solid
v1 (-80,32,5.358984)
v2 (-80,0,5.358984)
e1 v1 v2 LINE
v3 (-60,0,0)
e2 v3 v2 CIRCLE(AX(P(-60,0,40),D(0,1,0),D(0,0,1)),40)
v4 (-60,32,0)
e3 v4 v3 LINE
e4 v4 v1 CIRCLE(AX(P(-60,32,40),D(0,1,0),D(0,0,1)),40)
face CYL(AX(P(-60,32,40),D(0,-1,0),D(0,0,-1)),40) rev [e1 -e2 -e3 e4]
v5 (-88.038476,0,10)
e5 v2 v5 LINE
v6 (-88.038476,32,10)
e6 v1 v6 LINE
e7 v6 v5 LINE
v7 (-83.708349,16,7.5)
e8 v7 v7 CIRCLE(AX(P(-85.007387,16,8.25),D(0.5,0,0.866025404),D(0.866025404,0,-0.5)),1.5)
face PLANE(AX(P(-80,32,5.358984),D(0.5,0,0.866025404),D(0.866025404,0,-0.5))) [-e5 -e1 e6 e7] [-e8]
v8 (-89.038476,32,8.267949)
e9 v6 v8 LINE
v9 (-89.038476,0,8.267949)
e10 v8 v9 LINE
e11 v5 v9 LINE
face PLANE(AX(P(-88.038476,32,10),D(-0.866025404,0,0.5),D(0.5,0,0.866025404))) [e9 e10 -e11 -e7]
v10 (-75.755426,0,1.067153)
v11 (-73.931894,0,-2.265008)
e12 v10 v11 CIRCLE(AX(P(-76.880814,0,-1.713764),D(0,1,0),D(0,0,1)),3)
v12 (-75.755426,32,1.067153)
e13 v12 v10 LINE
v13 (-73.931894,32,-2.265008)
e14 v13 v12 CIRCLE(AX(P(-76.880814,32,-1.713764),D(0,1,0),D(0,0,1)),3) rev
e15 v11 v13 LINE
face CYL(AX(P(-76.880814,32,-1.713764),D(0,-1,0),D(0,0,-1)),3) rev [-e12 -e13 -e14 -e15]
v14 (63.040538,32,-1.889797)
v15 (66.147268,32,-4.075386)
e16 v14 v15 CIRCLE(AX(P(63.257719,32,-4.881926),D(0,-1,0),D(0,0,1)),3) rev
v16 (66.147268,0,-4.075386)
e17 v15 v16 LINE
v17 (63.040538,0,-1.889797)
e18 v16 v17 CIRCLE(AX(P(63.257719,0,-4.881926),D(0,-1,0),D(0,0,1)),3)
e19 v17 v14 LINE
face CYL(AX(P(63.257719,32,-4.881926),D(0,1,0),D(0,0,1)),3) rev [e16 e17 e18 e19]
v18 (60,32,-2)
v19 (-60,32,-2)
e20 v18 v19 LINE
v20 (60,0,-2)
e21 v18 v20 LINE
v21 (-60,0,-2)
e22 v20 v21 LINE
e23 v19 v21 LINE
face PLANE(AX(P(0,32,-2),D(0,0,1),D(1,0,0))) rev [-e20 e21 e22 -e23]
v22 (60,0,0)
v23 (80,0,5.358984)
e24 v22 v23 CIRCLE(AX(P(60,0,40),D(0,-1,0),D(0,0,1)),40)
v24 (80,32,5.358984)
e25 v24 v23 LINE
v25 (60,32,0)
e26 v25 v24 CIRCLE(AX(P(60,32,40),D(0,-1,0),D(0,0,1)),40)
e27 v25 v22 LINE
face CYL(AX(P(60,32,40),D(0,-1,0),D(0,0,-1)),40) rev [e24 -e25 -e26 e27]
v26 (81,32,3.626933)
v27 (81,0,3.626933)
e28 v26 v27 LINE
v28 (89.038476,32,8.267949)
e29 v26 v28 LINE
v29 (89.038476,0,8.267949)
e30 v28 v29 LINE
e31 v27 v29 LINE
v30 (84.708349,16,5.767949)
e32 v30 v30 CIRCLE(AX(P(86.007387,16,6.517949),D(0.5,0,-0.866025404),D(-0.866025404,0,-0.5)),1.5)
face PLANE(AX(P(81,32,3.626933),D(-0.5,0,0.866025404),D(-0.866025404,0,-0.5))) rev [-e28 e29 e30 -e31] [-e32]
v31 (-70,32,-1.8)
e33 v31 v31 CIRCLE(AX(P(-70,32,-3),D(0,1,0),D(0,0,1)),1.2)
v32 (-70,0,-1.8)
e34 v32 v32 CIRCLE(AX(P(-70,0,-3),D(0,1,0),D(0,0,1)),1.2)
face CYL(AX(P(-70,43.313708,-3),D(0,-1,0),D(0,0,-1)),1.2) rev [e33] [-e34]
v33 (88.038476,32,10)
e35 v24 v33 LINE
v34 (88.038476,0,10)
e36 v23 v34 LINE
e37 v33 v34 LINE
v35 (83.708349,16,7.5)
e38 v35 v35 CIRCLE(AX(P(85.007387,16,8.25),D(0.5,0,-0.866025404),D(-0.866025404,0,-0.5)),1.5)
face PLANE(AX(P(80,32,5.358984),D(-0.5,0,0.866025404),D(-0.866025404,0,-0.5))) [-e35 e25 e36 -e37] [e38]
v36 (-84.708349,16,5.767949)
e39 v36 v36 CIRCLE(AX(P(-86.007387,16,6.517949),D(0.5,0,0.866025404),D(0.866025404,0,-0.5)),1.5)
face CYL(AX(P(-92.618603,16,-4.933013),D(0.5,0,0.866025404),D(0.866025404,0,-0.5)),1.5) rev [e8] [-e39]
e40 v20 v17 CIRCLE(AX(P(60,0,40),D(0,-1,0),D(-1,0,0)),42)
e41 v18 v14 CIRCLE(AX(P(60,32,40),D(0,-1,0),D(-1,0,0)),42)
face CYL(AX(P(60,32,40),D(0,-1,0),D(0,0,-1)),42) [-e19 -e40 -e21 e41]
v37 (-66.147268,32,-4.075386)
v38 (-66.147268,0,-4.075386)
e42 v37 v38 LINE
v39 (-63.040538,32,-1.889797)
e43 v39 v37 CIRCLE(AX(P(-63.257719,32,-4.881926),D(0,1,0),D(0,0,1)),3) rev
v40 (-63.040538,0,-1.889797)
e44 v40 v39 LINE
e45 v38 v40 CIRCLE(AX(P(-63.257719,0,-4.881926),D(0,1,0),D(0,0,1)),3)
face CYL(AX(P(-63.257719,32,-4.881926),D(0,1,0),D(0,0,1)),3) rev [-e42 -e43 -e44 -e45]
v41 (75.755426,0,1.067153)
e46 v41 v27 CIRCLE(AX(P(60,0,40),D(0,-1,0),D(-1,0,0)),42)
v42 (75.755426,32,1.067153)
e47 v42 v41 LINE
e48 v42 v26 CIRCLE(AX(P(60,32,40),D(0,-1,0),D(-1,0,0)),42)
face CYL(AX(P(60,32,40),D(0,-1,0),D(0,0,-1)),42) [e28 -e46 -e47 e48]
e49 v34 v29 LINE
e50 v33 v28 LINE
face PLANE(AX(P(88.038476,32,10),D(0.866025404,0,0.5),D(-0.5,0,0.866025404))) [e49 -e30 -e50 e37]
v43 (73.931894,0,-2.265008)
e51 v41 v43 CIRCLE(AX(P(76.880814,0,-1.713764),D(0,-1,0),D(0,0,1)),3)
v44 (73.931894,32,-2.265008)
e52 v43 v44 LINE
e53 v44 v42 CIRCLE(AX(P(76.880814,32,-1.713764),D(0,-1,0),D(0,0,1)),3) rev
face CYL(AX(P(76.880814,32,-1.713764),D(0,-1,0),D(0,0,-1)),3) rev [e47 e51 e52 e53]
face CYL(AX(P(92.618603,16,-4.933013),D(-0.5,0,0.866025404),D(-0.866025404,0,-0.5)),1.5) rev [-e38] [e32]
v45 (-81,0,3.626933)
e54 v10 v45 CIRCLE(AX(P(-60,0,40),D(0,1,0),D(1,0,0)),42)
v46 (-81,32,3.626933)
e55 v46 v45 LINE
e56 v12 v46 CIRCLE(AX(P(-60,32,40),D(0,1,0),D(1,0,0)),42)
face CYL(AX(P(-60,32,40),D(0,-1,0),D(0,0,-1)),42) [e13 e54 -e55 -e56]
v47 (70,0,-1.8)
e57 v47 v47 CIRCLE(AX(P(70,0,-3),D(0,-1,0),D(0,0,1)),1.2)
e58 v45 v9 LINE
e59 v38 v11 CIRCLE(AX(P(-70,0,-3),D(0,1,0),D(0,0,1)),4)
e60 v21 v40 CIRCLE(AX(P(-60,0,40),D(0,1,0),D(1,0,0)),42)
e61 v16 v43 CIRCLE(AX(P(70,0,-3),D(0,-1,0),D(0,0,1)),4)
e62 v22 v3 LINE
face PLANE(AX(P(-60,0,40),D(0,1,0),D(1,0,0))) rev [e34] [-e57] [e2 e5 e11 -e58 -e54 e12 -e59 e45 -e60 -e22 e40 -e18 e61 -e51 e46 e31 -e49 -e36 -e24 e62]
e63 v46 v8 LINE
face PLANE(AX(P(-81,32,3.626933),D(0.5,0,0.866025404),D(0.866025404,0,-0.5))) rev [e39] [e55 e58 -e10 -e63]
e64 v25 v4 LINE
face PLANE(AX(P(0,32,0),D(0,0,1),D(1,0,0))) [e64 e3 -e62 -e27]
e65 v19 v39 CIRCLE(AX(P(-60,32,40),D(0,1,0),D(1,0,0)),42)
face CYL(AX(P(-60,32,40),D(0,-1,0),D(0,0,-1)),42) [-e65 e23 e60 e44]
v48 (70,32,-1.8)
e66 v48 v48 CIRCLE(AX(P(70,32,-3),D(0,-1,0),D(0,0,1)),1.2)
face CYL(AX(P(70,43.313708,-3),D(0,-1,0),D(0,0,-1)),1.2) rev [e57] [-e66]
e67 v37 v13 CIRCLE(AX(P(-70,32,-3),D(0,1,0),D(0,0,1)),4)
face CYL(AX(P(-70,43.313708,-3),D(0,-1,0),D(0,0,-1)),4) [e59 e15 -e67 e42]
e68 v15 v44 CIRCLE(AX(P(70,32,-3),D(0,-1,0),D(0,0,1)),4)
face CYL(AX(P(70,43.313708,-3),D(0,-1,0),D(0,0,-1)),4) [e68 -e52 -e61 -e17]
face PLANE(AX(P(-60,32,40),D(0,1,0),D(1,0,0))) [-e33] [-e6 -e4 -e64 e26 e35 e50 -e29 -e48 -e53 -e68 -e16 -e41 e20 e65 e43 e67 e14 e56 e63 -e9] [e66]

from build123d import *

# Parameters (mm, degrees)
EXTRU_MINCE1_DEPTH      = 32
ESQUISSE2_R             = 4
ESQUISSE2_R_2           = 1.2
BOSS_EXTRU_1_DEPTH      = 32
CONG_1_R                = 3
ESQUISSE3_R             = 1.5
ENL_V_MAT_EXTRU_1_DEPTH = 89.126236015


with BuildPart() as part:
    # Esquisse1 → Extru.-Mince1 (new body)
    with BuildSketch(Plane(origin=(0, 0, 0), x_dir=(1, 0, 0), z_dir=(0, 1, 0))):
        with BuildLine():
            Line((0, 0), (-60, 0))
            ThreePointArc((-60, 0), (-70.352761804, -1.362966948), (-80, -5.358983849))
            Line((-80, -5.358983849), (-88.038475773, -10))
            Line((-88.038475773, -10), (-89.038475773, -8.267949192))
            Line((-89.038475773, -8.267949192), (-81, -3.626933041))
            ThreePointArc((-81, -3.626933041), (-70.870399894, 0.568884704), (-60, 2))
            Line((-60, 2), (0, 2))
            Line((0, 2), (0, 0))
        make_face()
    extrude(amount=EXTRU_MINCE1_DEPTH)

    # Esquisse2 → Boss.-Extru.1 (add)
    with BuildSketch(Plane(origin=(0, 0, 0), x_dir=(1, 0, 0), z_dir=(0, 1, 0))):
        with Locations((-70, 3)):
            Circle(ESQUISSE2_R)
        with Locations(Location((-70, 3, 0), (0, 0, 270))):
            Circle(ESQUISSE2_R_2, mode=Mode.SUBTRACT)
    extrude(amount=BOSS_EXTRU_1_DEPTH)

    # Congé1
    cong_1_edges = [part.edges().sort_by_distance(p)[0] for p in [
        (-66.28080804, 16, -1.52771906),
        (-72.687893858, 16, -0.037699103),
    ]]
    fillet(cong_1_edges, radius=CONG_1_R)

    # Esquisse3 → Enlèv. mat.-Extru.1 (cut, through all)
    with BuildSketch(Plane(origin=(-17.679491924, 0, -30.621778265), x_dir=(0.8660254037844379, 0, -0.5000000000000014), z_dir=(0.5000000000000014, 0, 0.8660254037844379))):
        with Locations((-77.74355653, 16)):
            Circle(ESQUISSE3_R)
    extrude(amount=-ENL_V_MAT_EXTRU_1_DEPTH, mode=Mode.SUBTRACT)

    # Symétrie1: part across plane


with BuildPart() as part_1:
    add(part.part)
    add(part.part.mirror(Plane(origin=(0, 32, -2), x_dir=(0, 0, 1), z_dir=(1, 0, 0))))


solid = part_1.part
